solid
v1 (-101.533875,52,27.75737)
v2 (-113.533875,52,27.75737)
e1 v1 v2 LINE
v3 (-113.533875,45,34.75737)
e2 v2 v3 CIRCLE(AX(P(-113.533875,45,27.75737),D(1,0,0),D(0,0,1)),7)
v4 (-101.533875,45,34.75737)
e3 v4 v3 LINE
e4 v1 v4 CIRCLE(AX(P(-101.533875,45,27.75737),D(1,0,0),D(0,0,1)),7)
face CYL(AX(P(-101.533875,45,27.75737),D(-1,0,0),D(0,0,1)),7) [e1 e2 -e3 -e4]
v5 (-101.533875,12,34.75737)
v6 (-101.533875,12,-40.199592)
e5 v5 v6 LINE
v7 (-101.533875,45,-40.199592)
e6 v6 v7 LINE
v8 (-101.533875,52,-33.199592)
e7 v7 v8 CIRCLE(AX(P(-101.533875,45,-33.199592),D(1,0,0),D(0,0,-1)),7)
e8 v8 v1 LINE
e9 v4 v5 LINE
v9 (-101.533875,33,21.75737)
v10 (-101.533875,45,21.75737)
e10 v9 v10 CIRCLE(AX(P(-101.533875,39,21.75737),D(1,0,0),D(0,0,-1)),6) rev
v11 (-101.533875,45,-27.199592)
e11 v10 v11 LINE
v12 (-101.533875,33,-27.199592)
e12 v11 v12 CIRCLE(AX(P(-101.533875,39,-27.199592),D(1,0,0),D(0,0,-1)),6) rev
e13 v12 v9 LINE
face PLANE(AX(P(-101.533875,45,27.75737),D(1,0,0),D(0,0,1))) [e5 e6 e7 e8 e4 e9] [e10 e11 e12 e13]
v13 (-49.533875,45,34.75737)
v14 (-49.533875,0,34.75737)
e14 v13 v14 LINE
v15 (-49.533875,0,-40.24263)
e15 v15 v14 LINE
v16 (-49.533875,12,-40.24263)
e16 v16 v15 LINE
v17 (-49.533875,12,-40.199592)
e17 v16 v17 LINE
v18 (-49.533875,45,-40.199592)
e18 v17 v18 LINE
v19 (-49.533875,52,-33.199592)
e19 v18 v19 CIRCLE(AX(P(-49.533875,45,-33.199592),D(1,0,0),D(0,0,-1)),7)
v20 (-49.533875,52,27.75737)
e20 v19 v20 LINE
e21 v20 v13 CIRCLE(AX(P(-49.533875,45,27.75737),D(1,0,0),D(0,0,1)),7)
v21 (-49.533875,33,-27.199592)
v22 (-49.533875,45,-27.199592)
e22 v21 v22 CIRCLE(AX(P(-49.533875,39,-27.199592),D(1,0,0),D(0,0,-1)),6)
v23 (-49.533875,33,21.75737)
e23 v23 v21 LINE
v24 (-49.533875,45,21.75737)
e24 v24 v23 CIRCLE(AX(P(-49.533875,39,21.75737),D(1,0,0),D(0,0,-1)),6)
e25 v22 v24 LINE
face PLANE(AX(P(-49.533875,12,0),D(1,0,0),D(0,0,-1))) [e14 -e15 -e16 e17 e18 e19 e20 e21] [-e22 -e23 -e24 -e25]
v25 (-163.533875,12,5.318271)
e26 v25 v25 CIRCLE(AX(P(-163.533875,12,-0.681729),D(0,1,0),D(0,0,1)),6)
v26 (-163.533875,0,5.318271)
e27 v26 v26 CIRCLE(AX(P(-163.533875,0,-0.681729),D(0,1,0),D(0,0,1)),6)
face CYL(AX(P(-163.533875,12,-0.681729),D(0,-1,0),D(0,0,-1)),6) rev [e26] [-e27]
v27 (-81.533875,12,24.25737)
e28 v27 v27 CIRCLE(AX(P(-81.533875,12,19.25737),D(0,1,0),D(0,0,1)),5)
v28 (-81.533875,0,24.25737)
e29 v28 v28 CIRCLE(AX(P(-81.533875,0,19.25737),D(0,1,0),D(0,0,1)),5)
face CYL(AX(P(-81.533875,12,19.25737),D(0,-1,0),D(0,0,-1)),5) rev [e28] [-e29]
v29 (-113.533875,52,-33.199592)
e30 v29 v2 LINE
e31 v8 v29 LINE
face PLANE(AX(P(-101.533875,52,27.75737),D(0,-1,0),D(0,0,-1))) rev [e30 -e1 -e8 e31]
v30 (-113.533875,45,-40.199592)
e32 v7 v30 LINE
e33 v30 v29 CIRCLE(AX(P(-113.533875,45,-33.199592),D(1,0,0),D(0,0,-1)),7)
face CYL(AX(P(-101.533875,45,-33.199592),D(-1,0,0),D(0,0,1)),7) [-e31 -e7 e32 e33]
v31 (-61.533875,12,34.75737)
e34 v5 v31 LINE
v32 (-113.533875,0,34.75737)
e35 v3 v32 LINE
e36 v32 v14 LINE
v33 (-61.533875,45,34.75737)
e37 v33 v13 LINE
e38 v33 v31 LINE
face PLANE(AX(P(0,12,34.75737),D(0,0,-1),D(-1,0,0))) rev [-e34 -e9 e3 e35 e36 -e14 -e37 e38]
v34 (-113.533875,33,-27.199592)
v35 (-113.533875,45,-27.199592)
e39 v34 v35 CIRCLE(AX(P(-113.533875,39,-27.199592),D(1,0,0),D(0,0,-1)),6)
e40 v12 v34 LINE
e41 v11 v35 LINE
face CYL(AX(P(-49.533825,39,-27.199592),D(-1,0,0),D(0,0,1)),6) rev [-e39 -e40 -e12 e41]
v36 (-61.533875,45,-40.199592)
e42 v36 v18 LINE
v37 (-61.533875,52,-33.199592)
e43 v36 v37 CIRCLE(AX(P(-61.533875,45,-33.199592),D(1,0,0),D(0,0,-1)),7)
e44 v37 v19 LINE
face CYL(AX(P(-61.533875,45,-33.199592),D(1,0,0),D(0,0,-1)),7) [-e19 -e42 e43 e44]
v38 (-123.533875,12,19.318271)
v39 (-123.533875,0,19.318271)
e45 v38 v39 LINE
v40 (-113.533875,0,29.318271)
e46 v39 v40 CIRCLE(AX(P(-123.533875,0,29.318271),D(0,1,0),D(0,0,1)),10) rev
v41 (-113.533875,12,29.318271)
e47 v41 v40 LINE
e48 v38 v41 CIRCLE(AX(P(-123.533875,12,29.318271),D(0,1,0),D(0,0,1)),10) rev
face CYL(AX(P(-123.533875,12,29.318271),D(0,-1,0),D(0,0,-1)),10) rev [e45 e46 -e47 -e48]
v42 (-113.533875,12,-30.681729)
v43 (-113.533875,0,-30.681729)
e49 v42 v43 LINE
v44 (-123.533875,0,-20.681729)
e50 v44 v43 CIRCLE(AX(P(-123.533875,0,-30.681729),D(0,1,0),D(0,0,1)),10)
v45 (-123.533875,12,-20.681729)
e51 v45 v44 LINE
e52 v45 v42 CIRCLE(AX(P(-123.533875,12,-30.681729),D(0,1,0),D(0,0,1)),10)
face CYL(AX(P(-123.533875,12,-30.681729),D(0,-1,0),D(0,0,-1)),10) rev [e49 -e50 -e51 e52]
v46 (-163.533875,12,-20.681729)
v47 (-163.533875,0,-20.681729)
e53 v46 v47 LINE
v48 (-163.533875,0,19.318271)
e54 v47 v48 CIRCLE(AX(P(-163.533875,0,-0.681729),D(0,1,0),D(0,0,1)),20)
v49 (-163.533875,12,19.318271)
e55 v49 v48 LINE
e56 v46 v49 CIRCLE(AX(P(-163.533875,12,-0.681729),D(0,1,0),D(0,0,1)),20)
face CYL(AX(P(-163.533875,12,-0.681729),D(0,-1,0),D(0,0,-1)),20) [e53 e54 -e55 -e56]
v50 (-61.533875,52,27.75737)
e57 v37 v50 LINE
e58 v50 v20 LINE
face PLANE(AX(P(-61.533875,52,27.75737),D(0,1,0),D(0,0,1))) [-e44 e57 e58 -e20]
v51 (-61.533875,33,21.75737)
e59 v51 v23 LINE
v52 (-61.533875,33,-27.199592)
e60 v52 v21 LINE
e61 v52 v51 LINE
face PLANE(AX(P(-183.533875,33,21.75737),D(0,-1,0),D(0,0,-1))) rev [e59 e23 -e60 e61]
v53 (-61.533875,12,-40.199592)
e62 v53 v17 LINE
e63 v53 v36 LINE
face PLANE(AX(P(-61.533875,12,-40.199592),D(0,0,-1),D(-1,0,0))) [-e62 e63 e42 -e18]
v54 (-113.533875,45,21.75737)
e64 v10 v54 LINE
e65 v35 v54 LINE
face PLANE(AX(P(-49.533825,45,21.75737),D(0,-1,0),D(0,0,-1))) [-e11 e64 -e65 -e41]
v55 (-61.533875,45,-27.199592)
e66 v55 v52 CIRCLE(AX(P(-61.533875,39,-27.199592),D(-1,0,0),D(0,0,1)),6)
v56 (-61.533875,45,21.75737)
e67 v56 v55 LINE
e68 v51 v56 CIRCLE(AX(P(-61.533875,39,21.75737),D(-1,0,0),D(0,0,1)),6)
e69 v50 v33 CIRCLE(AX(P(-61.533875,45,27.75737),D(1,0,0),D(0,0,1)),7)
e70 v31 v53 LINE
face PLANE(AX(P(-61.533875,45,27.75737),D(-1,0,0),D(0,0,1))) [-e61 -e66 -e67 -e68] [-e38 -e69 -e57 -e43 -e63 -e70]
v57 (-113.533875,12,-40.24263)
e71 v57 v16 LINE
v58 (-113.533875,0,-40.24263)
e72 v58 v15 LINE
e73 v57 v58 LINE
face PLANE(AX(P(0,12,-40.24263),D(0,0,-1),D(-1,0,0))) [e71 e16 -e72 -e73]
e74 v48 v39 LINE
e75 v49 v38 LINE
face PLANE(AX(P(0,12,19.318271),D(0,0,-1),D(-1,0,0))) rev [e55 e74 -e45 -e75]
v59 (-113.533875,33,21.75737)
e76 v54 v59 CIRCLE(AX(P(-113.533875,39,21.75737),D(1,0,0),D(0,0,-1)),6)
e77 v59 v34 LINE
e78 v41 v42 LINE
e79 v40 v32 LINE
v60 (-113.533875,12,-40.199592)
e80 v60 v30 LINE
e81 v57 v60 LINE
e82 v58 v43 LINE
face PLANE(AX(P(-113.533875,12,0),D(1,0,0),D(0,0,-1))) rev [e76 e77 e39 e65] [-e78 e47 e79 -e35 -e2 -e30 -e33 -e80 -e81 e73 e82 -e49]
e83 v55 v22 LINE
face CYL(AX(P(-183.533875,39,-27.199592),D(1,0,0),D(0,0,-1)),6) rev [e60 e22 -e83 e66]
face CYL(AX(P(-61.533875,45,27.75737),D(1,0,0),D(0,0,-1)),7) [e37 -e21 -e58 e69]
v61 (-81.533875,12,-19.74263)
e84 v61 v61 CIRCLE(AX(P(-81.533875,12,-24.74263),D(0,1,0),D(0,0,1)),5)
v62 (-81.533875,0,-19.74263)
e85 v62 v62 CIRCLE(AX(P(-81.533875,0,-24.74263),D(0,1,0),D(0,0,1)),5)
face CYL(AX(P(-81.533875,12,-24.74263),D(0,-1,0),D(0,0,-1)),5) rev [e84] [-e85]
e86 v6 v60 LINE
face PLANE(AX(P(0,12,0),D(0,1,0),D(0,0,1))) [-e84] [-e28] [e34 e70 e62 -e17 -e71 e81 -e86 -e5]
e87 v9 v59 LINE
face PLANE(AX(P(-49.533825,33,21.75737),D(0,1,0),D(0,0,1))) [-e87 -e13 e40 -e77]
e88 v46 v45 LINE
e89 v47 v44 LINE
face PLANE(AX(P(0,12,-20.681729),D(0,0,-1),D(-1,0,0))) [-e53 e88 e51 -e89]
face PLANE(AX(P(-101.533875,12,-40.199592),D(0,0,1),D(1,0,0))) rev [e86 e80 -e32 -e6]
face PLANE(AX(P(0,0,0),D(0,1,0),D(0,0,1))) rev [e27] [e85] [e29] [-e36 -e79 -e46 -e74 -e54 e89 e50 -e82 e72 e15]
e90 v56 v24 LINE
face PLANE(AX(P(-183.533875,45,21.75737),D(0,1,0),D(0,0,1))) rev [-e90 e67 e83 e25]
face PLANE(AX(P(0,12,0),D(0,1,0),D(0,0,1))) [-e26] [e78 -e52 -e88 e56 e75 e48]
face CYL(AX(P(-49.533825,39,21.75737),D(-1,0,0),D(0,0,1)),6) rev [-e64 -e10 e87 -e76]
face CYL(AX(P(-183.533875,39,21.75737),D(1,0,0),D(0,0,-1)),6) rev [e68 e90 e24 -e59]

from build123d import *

# Parameters (mm, degrees)
SKETCH1_R           = 6
SKETCH1_R_2         = 5
BOSS_EXTRUDE1_DEPTH = 12
BOSS_EXTRUDE2_DEPTH = 12
CUT_EXTRUDE1_DEPTH  = 150.263087319


with BuildPart() as part:
    # Sketch1 → Boss-Extrude1 (new body)
    with BuildSketch(Plane(origin=(0, 0, 0), x_dir=(1, 0, 0), z_dir=(0, 1, 0))):
        with BuildLine():
            Line((-49.533874762, 40.242629587), (-113.533874762, 40.242629587))
            Line((-113.533874762, 40.242629587), (-113.533874762, 30.681729378))
            ThreePointArc((-113.533874762, 30.681729378), (-116.46280695, 23.610661566), (-123.533874762, 20.681729378))
            Line((-123.533874762, 20.681729378), (-163.533874762, 20.681729378))
            ThreePointArc((-163.533874762, 20.681729378), (-183.533874762, 0.681729378), (-163.533874762, -19.318270622))
            Line((-163.533874762, -19.318270622), (-123.533874762, -19.318270622))
            ThreePointArc((-123.533874762, -19.318270622), (-116.46280695, -22.24720281), (-113.533874762, -29.318270622))
            Line((-113.533874762, -29.318270622), (-113.533874762, -34.757370413))
            Line((-113.533874762, -34.757370413), (-49.533874762, -34.757370413))
            Line((-49.533874762, -34.757370413), (-49.533874762, 40.242629587))
        make_face()
        with Locations((-163.533874762, 0.681729378)):
            Circle(SKETCH1_R, mode=Mode.SUBTRACT)
        with Locations((-81.533874762, -19.257370413)):
            Circle(SKETCH1_R_2, mode=Mode.SUBTRACT)
        with Locations((-81.533874762, 24.742629587)):
            Circle(SKETCH1_R_2, mode=Mode.SUBTRACT)
    extrude(amount=BOSS_EXTRUDE1_DEPTH)

    # Sketch3 → Boss-Extrude2 (add)
    with BuildSketch(Plane(origin=(-49.533874762, 0, 0), x_dir=(0, 0, -1), z_dir=(1, 0, 0))):
        with BuildLine():
            Line((-34.757370413, 12), (40.199591679, 12))
            Line((40.199591679, 12), (40.199591679, 45))
            ThreePointArc((40.199591679, 45), (38.149339148, 49.949747468), (33.199591679, 52))
            Line((33.199591679, 52), (-27.757370413, 52))
            ThreePointArc((-27.757370413, 52), (-32.707117881, 49.949747468), (-34.757370413, 45))
            Line((-34.757370413, 45), (-34.757370413, 12))
        make_face()
    boss_extrude2 = extrude(amount=-BOSS_EXTRUDE2_DEPTH)

    # Sketch5 → Cut-Extrude1 (cut, through all)
    with BuildSketch(Plane(origin=(-49.533874762, 0, 0), x_dir=(0, 0, -1), z_dir=(1, 0, 0))):
        with BuildLine():
            Line((-21.757370413, 45), (27.199591679, 45))
            ThreePointArc((27.199591679, 45), (33.199591679, 39), (27.199591679, 33))
            Line((27.199591679, 33), (-21.757370413, 33))
            ThreePointArc((-21.757370413, 33), (-27.757370413, 39), (-21.757370413, 45))
        make_face()
    cut_extrude1 = extrude(amount=-CUT_EXTRUDE1_DEPTH, mode=Mode.SUBTRACT)

    # Mirror1: Boss-Extrude2, Cut-Extrude1 across plane
    add(boss_extrude2.mirror(Plane(origin=(-81.533874762, 0, 0), x_dir=(0, 0, 1), z_dir=(1, 0, 0))))
    add(cut_extrude1.mirror(Plane(origin=(-81.533874762, 0, 0), x_dir=(0, 0, 1), z_dir=(1, 0, 0))), mode=Mode.SUBTRACT)


solid = part.part
